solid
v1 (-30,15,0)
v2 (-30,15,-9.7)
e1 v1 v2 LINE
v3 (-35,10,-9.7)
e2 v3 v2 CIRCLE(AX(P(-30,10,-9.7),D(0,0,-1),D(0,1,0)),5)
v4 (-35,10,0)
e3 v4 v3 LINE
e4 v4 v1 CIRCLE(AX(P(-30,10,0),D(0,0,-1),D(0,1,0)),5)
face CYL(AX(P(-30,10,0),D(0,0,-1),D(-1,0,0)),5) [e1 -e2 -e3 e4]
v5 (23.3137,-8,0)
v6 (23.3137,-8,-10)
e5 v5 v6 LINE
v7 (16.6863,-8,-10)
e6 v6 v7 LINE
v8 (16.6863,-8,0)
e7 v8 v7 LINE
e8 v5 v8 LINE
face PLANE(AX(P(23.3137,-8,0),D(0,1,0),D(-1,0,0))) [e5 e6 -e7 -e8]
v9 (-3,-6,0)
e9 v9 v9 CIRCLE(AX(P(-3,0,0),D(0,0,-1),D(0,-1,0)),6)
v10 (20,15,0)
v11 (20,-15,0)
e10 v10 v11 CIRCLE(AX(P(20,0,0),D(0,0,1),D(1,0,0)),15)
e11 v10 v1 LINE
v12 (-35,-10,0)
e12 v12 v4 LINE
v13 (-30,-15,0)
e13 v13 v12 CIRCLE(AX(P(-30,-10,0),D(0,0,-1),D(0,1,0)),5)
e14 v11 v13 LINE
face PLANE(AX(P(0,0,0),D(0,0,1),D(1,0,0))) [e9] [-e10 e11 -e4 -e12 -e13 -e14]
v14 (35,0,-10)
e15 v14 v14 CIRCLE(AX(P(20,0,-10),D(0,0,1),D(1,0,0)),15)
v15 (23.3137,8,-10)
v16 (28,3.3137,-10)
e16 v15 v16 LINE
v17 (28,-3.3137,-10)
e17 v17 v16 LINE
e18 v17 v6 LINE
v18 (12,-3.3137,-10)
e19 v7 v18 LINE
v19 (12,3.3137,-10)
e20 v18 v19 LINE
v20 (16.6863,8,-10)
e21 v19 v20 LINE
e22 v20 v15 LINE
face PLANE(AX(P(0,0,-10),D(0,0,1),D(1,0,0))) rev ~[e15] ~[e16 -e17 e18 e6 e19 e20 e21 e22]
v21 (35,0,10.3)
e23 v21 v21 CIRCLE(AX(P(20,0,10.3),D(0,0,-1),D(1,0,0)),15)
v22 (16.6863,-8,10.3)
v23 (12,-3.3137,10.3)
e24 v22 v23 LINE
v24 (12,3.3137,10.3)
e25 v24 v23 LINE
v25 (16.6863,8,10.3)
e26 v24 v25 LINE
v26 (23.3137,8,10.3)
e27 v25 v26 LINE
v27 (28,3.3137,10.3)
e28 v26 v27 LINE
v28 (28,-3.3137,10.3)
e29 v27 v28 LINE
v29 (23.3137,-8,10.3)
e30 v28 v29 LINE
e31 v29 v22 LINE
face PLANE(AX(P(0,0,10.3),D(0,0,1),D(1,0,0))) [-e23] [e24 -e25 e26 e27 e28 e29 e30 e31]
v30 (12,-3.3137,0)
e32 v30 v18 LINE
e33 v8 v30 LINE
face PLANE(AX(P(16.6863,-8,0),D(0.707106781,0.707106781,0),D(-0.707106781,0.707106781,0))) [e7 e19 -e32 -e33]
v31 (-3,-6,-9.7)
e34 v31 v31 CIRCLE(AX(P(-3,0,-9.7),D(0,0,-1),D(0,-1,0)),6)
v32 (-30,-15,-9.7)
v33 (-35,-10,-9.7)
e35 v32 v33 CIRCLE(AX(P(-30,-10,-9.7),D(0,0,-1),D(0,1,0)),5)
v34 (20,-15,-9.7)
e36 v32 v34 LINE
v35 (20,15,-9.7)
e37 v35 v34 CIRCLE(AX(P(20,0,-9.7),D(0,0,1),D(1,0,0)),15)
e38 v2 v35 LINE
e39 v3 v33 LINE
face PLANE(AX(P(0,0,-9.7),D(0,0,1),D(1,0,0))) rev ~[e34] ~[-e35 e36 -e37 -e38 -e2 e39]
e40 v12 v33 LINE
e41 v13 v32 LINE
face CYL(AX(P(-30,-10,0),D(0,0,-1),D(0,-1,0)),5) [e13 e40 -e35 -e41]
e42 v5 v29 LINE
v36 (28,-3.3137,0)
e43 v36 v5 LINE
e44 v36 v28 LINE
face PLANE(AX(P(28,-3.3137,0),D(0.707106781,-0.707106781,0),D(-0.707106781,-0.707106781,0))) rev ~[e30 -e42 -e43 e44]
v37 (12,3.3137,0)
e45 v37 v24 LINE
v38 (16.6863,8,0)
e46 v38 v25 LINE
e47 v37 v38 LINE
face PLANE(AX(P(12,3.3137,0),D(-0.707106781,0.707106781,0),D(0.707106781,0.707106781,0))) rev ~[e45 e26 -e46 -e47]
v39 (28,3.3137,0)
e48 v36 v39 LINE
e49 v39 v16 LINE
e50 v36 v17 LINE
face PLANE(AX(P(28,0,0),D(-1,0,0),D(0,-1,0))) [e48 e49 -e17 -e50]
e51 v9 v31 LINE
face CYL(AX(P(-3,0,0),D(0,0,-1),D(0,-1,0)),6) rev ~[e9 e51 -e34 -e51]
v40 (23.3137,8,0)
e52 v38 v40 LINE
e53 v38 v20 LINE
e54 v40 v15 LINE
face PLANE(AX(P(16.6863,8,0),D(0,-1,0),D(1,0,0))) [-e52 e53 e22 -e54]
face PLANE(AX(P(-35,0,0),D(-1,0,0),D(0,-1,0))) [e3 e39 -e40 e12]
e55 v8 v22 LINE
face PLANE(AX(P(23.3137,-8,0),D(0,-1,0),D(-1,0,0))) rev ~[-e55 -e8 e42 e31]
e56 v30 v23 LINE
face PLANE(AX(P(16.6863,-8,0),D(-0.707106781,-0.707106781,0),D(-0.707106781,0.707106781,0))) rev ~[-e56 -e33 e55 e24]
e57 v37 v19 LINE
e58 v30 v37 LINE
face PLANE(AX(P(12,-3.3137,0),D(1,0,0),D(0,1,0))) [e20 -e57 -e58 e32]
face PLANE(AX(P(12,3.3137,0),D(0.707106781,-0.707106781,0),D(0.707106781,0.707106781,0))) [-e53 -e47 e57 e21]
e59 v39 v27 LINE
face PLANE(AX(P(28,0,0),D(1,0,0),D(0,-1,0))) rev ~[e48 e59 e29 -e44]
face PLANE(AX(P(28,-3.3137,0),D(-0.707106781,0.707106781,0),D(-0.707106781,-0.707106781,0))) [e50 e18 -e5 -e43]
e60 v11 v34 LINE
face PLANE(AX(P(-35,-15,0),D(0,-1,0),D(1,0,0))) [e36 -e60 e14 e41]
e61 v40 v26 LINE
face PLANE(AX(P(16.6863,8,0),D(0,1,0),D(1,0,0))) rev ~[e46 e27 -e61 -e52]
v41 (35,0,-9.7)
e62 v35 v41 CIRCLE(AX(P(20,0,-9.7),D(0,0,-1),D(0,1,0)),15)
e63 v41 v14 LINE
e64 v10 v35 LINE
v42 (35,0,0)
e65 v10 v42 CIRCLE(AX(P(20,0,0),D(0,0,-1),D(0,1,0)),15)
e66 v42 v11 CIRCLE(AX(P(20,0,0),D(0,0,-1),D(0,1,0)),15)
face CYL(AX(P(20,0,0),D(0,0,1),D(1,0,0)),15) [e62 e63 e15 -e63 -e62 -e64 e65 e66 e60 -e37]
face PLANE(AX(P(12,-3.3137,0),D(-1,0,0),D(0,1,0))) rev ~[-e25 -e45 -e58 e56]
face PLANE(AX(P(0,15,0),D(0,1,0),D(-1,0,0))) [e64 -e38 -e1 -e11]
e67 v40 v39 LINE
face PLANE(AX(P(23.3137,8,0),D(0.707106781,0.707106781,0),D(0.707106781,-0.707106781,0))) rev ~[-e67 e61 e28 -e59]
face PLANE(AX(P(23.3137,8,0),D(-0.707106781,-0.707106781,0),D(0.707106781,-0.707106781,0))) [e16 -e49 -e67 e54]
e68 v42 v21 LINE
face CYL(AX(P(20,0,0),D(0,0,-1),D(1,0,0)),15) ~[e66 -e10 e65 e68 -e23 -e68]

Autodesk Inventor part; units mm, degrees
ref_plane "YZ Plane" through (0, 0, 0) normal (1, 0, 0) x (0, 1, 0)
ref_plane "XZ Plane" through (0, 0, 0) normal (0, 1, 0) x (-1, 0, 0)
ref_plane "XY Plane" through (0, 0, 0) normal (0, 0, 1) x (1, 0, 0)
sketch "Skizze1" plane through (0, 0, 0) normal (0, 0, 1) x (1, 0, 0)
  line L0 (0, -21) -> (0, 21) projected
  line L1 (-35, -15) -> (20, -15)
  line L2 (20, 15) -> (-35, 15)
  line L3 (-35, 15) -> (-35, -15)
  line L4 (20, 15) -> (9.0192, 15)
  line L5 (9.0192, -15) -> (20, -15)
  circle A0 centre (20, 0) radius 15
  line L6 (23.3137, 8) -> (28, 3.3137)
  line L7 (28, 3.3137) -> (28, -3.3137)
  line L8 (28, -3.3137) -> (23.3137, -8)
  line L9 (23.3137, -8) -> (16.6863, -8)
  line L10 (16.6863, -8) -> (12, -3.3137)
  line L11 (12, -3.3137) -> (12, 3.3137)
  line L12 (12, 3.3137) -> (16.6863, 8)
  line L13 (16.6863, 8) -> (23.3137, 8)
  line L14 (-49, 0) -> (49, 0) projected
  point P0 (0, 0)
  point P1 (20, -15)
  point P2 (20, 15)
  point P3 (-3, 0)
  dimension "d18" = 16
extrude "Extrusion1" add sketch "Skizze1" against normal blind 9.7
extrude "Extrusion2" add sketch "Skizze1" against normal blind 10 contours L14 L11 L10 L9 L8 L7 A0 | A0 L14 L7 L6 L13 L12 L11 | L14 L7 L8 L9 L10 L11 | L11 L12 L13 L6 L7 L14
fillet "Rundung1" radius 5 2 edges at (-35, -15, -4.85) (-35, 15, -4.85)
hole "Bohrung1" at (-3, 0, 0) direction (0, 0, -1) diameter 12 end through all
extrude "Extrusion3" add sketch "Skizze1" along normal blind 10.3 contours L14 L11 L10 L9 L8 L7 A0 | A0 L14 L7 L6 L13 L12 L11 | L14 L7 L8 L9 L10 L11 | L11 L12 L13 L6 L7 L14
extrude "Extrusion4" cut sketch "Skizze1" along normal blind 10.3 contours L14 L7 L8 L9 L10 L11 | L11 L12 L13 L6 L7 L14
extrude "Extrusion5" cut sketch "Skizze1" against normal blind 10 contours L14 L7 L8 L9 L10 L11 | L11 L12 L13 L6 L7 L14
properties material "1.0038 S235JR"
